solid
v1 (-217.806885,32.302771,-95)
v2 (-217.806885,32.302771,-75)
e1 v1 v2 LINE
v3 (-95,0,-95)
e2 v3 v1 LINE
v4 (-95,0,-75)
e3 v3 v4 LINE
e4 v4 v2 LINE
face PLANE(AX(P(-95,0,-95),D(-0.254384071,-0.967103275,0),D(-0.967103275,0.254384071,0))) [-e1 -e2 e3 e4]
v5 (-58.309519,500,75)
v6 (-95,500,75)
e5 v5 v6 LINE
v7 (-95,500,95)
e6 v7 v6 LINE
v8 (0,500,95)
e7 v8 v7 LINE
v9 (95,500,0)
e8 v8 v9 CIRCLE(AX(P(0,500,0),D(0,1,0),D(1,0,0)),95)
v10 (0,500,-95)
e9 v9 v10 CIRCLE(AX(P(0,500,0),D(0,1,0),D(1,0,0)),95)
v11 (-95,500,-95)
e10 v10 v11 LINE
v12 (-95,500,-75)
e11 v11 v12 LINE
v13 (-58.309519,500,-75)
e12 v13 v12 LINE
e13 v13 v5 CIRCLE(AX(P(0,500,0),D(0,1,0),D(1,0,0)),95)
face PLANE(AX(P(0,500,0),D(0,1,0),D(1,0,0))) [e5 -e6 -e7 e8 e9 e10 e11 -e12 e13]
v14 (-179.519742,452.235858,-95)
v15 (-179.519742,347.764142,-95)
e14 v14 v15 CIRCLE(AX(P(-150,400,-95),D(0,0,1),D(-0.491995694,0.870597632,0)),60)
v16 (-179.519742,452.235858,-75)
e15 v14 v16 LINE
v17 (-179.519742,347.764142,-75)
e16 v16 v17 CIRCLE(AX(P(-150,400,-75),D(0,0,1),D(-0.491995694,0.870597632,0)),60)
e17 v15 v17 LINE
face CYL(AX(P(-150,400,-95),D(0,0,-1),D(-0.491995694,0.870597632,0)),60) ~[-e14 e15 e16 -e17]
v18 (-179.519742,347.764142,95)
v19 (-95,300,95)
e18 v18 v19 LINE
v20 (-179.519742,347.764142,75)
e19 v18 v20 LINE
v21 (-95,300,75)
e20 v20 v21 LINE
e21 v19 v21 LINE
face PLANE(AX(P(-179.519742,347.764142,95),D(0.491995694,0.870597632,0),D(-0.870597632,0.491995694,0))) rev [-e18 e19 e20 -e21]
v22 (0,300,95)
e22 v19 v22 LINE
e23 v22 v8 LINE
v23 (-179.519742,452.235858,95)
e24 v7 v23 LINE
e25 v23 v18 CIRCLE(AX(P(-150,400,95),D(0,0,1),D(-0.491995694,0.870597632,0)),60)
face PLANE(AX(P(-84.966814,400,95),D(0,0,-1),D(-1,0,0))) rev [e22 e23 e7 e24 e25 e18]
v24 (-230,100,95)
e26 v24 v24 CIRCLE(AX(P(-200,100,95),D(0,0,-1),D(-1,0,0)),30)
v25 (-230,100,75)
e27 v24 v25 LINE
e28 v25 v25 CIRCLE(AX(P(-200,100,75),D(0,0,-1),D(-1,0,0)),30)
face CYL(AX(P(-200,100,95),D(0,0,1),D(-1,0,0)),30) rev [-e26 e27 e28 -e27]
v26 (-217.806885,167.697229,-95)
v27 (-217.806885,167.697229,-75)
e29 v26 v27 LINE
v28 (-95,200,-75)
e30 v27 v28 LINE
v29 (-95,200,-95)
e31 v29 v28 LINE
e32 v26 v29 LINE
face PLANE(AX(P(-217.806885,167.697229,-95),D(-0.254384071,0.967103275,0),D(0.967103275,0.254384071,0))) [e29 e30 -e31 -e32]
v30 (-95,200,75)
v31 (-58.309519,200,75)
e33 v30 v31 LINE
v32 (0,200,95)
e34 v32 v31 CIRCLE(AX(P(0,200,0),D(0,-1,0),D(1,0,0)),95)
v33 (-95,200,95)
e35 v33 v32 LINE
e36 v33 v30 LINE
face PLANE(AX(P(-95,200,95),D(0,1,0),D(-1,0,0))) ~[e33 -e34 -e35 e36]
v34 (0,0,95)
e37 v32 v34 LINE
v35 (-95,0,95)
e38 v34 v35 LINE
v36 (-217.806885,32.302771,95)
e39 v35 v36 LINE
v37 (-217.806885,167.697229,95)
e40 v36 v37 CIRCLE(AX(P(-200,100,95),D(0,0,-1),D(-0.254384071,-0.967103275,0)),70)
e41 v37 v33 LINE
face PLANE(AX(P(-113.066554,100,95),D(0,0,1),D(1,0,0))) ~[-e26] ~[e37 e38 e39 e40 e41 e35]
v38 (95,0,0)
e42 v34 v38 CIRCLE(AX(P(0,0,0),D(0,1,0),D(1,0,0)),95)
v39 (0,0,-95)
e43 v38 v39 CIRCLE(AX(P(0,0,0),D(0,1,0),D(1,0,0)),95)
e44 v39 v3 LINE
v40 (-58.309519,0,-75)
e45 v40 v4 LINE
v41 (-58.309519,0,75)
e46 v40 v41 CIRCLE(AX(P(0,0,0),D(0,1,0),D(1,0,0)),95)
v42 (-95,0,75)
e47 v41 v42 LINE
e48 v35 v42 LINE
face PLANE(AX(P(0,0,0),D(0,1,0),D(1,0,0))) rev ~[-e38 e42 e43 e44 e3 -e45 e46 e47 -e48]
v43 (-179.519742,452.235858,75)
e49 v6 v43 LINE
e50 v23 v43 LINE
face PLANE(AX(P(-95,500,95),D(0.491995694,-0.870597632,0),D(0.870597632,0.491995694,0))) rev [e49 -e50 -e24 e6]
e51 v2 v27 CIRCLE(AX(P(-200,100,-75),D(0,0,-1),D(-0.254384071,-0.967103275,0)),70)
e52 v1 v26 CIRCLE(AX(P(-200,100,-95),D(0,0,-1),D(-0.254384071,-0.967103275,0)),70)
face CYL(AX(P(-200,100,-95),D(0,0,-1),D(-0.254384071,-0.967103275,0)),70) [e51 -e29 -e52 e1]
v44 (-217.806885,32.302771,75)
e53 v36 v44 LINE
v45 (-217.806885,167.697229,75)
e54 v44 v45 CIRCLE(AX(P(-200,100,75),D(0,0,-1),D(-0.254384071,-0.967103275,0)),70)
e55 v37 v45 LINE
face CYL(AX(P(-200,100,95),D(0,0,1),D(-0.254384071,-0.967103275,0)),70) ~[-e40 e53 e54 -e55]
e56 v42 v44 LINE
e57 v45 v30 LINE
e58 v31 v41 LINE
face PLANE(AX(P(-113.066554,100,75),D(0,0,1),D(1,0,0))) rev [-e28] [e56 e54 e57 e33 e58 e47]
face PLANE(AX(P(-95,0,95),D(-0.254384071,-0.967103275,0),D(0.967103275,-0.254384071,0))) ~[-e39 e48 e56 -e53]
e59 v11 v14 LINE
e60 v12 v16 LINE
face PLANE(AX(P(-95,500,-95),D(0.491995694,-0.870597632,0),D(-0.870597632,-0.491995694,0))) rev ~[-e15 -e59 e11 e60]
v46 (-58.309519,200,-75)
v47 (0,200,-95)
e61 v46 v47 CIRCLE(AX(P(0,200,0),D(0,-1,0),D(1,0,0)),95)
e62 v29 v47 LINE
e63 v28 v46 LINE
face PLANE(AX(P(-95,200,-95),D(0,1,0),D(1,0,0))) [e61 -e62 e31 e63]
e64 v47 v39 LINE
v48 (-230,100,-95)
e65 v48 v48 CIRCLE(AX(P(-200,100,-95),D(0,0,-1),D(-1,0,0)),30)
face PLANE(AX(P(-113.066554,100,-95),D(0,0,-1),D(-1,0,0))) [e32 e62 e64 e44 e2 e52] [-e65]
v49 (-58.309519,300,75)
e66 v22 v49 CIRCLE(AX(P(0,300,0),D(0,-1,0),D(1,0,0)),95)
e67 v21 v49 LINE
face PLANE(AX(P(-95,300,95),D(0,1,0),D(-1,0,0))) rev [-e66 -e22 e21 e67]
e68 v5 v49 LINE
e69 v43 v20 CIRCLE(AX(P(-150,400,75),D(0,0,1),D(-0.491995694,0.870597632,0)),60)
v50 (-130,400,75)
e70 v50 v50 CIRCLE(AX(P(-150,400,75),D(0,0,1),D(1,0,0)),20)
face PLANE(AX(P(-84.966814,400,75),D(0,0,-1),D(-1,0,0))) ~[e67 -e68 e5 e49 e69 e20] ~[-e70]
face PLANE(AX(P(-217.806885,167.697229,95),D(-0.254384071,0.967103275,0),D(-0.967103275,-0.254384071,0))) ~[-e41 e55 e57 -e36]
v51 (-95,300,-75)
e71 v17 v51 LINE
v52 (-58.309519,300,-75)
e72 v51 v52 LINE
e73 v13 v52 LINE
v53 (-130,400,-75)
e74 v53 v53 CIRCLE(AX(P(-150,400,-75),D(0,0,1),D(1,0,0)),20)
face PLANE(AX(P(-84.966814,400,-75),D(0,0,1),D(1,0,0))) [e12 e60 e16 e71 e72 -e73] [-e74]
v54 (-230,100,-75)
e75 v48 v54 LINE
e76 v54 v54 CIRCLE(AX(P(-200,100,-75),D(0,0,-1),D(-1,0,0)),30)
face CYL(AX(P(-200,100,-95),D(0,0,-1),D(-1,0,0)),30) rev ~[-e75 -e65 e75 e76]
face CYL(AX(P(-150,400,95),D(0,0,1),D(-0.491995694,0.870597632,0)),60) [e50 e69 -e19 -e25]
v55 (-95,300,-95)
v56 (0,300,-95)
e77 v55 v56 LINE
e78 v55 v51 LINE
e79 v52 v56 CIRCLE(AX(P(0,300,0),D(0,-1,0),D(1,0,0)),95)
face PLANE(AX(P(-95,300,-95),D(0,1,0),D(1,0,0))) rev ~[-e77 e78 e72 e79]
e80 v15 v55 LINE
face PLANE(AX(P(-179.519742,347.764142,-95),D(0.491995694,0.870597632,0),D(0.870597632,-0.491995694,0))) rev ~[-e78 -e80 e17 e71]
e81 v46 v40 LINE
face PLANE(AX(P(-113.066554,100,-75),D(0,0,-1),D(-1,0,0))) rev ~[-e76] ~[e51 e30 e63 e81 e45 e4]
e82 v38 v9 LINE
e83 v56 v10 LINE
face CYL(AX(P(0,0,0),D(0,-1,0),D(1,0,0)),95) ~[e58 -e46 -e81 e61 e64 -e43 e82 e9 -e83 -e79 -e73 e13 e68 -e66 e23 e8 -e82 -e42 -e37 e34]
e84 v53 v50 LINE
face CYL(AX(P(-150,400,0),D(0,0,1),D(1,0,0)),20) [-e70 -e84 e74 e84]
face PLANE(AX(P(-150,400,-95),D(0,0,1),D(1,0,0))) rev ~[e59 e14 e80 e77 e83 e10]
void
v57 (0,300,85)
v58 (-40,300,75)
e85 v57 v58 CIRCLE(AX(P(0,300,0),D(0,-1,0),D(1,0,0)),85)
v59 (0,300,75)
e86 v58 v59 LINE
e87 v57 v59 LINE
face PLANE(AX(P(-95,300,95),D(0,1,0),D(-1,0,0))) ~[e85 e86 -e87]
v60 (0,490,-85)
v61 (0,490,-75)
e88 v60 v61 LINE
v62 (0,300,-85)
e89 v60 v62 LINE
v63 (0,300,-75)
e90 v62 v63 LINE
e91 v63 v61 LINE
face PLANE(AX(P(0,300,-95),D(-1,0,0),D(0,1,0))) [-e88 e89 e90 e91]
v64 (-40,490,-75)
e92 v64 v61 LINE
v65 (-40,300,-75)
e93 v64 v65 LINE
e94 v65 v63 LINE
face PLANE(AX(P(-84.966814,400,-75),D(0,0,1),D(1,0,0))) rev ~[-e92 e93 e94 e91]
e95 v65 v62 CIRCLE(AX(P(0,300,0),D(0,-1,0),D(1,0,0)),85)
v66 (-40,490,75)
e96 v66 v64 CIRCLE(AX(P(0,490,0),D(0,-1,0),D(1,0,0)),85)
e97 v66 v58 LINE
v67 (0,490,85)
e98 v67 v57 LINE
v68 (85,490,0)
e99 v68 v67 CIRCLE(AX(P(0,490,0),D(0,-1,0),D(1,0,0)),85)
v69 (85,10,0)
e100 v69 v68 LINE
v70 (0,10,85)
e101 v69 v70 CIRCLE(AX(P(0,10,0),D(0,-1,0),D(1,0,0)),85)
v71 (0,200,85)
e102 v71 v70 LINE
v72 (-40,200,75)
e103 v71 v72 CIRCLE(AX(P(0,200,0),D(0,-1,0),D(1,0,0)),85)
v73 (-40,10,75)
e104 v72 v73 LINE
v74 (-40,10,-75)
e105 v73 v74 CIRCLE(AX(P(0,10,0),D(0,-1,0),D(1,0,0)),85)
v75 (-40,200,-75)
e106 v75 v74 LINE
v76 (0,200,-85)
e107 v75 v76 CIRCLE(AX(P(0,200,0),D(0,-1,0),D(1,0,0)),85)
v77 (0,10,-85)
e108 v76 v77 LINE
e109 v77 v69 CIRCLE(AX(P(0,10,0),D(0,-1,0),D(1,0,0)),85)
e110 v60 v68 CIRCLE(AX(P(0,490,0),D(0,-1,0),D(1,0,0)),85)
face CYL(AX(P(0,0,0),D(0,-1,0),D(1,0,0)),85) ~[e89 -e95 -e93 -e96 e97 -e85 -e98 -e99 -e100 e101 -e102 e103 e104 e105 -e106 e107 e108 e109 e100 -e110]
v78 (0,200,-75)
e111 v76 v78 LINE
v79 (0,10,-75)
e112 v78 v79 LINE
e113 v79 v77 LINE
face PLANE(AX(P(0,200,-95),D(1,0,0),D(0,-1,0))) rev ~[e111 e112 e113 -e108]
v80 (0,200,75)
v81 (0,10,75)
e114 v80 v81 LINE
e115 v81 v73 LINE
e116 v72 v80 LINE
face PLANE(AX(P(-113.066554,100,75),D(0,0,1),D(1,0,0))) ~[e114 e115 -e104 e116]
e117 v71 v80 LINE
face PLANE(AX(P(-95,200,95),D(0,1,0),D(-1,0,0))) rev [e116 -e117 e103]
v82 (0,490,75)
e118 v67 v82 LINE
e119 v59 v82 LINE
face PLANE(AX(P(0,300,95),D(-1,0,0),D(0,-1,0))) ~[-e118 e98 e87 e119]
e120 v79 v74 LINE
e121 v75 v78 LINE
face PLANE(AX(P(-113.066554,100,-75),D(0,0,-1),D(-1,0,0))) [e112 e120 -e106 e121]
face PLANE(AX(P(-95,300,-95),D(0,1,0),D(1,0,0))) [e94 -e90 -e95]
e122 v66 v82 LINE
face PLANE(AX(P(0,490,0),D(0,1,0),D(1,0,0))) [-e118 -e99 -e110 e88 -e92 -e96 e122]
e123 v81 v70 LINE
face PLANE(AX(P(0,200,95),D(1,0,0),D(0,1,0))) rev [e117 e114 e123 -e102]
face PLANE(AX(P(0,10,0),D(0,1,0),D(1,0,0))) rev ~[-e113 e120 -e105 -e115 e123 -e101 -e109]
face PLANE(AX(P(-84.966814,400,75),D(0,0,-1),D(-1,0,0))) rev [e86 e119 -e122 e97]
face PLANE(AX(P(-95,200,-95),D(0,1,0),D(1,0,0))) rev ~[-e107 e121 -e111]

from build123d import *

# Parameters (mm, degrees)
SKETCH1_R           = 95
BOSS_EXTRUDE1_DEPTH = 500
SHELL1_T            = 10
SKETCH2_R           = 30
BOSS_EXTRUDE2_DEPTH = 20
SKETCH4_R           = 20
BOSS_EXTRUDE3_DEPTH = 95


with BuildPart() as part:
    # Sketch1 → Boss-Extrude1 (new body)
    with BuildSketch(Plane(origin=(0, 0, 0), x_dir=(1, 0, 0), z_dir=(0, 1, 0))):
        Circle(SKETCH1_R)
    extrude(amount=BOSS_EXTRUDE1_DEPTH)

    # Shell1 (no face opened: a closed hollow body)
    add(offset(amount=-SHELL1_T, mode=Mode.PRIVATE), mode=Mode.SUBTRACT)

    # Sketch2 → Boss-Extrude2 (add)
    with BuildSketch(Plane(origin=(0, 0, -95), x_dir=(-1, 0, 0), z_dir=(0, 0, -1))):
        with BuildLine():
            Line((0, 0), (95, 0))
            Line((95, 0), (217.806884991, 32.302770759))
            ThreePointArc((217.806884991, 32.302770759), (270, 100), (217.806884991, 167.697229241))
            Line((217.806884991, 167.697229241), (95, 200))
            Line((95, 200), (0, 200))
            Line((0, 200), (0, 0))
        make_face()
        with Locations((200, 100)):
            Circle(SKETCH2_R, mode=Mode.SUBTRACT)
        with BuildLine():
            Line((0, 500), (95, 500))
            Line((95, 500), (179.519741664, 452.235857915))
            ThreePointArc((179.519741664, 452.235857915), (210, 400), (179.519741664, 347.764142085))
            Line((179.519741664, 347.764142085), (95, 300))
            Line((95, 300), (0, 300))
            Line((0, 300), (0, 500))
        make_face()
    boss_extrude2 = extrude(amount=-BOSS_EXTRUDE2_DEPTH)

    # Mirror1: Boss-Extrude2 across plane
    add(boss_extrude2.mirror(Plane(origin=(0, 0, 0), x_dir=(1, 0, 0), z_dir=(0, 0, -1))))

    # Sketch4 → Boss-Extrude3 (add, symmetric)
    with BuildSketch(Plane.XY):
        with Locations((-150, 400)):
            Circle(SKETCH4_R)
    extrude(amount=BOSS_EXTRUDE3_DEPTH, both=True)


solid = part.part
